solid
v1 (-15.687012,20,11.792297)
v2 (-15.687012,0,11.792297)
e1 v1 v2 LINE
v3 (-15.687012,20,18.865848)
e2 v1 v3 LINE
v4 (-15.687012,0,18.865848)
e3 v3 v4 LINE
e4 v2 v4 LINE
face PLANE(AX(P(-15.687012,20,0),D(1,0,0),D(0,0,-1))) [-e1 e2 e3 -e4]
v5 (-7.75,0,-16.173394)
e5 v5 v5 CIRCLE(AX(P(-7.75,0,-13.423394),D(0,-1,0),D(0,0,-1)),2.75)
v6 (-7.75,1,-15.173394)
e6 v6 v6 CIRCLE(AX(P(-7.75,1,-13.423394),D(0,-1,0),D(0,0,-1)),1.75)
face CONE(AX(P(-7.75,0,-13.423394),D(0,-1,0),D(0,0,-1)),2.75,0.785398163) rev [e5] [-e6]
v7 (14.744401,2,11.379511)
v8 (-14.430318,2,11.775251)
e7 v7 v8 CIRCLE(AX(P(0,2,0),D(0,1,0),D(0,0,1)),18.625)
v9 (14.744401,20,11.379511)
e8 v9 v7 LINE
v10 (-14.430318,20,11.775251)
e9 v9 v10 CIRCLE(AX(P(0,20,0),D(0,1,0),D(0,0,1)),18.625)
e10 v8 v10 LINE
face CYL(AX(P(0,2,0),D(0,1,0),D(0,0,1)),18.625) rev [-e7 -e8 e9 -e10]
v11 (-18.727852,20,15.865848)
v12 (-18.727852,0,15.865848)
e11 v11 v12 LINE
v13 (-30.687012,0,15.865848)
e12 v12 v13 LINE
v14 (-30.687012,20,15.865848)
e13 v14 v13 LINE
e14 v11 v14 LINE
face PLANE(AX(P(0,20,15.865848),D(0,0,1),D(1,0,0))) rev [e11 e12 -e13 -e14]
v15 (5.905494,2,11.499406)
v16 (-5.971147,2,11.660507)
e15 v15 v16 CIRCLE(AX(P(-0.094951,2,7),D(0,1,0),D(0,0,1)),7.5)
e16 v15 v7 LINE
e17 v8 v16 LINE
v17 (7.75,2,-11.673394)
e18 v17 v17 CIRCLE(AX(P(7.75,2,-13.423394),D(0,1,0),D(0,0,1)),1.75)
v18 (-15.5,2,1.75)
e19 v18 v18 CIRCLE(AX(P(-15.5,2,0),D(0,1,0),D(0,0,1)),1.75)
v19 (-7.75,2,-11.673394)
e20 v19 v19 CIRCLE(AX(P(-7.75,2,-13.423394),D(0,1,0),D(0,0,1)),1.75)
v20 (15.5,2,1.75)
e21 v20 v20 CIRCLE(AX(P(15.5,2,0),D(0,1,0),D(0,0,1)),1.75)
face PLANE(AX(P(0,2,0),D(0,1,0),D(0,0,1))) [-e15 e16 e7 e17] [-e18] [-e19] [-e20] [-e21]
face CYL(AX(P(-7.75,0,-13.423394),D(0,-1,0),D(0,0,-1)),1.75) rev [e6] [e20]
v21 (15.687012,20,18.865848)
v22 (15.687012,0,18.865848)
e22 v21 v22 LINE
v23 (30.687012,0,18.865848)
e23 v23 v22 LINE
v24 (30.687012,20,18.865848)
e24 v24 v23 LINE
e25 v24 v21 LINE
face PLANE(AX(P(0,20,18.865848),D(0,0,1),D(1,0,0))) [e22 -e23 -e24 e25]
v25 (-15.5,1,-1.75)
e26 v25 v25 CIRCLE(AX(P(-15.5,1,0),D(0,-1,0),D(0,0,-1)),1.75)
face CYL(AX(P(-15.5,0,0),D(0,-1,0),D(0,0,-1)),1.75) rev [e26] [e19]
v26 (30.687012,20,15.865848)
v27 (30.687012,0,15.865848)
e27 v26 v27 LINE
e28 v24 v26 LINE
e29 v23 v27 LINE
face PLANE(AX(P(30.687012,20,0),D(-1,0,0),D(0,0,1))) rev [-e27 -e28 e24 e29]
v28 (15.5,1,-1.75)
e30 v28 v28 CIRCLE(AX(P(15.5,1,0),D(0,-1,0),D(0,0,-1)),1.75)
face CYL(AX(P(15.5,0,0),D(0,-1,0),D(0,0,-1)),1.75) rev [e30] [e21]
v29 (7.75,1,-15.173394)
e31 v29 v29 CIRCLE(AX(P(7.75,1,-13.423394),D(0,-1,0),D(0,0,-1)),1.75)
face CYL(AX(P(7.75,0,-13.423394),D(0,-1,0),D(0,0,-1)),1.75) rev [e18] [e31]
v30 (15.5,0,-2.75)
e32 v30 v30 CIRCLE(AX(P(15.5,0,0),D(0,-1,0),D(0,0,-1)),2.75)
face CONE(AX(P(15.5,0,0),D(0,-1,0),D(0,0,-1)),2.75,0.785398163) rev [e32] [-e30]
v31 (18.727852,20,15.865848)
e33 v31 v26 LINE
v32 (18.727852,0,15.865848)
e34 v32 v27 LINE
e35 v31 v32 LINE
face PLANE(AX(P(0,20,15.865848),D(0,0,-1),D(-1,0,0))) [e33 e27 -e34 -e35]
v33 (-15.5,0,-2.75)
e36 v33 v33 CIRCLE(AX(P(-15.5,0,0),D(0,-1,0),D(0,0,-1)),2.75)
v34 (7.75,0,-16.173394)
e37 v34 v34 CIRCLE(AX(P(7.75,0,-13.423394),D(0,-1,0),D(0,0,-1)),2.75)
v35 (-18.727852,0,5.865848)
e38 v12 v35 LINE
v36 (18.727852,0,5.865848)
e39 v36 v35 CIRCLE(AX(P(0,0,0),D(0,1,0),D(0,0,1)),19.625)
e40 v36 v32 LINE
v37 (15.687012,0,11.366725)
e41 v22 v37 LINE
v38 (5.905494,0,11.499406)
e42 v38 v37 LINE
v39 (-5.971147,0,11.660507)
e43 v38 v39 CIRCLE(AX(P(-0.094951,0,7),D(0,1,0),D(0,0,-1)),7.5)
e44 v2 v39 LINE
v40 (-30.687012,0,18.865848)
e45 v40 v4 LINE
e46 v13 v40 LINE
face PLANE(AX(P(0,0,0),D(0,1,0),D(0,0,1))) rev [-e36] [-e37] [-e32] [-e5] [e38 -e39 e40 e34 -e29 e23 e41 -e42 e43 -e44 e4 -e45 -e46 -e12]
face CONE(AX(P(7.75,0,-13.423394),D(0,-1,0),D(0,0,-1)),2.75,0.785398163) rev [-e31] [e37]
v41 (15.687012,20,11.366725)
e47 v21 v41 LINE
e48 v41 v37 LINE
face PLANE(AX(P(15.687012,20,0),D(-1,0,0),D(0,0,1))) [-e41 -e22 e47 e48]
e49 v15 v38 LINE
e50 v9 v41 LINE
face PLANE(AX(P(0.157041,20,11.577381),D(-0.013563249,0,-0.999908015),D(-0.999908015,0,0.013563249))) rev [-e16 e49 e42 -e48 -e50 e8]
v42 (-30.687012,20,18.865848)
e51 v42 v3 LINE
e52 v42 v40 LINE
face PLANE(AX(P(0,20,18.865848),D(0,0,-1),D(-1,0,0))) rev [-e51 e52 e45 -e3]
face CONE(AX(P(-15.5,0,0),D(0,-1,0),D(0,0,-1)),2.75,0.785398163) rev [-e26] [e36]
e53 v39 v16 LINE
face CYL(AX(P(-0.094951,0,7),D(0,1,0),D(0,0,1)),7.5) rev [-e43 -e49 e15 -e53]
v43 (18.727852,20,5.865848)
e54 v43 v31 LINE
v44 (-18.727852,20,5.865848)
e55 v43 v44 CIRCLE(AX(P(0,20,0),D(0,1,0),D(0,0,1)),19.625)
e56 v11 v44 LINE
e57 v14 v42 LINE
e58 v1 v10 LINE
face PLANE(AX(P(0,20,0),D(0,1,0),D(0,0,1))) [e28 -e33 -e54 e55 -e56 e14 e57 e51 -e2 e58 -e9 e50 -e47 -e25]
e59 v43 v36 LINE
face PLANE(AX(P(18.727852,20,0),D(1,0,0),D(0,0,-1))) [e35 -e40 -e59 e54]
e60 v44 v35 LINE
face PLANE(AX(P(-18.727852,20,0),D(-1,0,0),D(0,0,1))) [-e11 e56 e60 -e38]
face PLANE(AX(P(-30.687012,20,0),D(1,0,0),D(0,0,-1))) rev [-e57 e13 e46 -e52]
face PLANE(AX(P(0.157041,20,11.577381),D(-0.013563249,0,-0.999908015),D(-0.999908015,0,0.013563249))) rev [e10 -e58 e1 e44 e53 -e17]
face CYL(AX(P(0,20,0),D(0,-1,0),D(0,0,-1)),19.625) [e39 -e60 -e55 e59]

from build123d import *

# Parameters (mm, degrees)
BOSS_EXTRUDE2_DEPTH                                 = 20
SKETCH3_R                                           = 18.625
CUT_EXTRUDE1_DEPTH                                  = 18
SKETCH5_R                                           = 7.5
CUT_EXTRUDE2_DEPTH                                  = 2
CSK_FOR_M3_COUNTERSUNK_FLAT_HEAD_SCREW2_D           = 3.5
CSK_FOR_M3_COUNTERSUNK_FLAT_HEAD_SCREW2_CSINK_D     = 5.5
CSK_FOR_M3_COUNTERSUNK_FLAT_HEAD_SCREW2_CSINK_ANGLE = 90


with BuildPart() as part:
    # Sketch1 → Boss-Extrude2 (new body)
    with BuildSketch(Plane(origin=(0, 0, 0), x_dir=(1, 0, 0), z_dir=(0, 1, 0))):
        with BuildLine():
            Line((-18.727852322, -5.86584797), (-18.727852322, -15.86584797))
            Line((-18.727852322, -15.86584797), (-30.687012052, -15.86584797))
            Line((-30.687012052, -15.86584797), (-30.687012052, -18.86584797))
            Line((-30.687012052, -18.86584797), (-15.687012052, -18.86584797))
            Line((-15.687012052, -18.86584797), (-15.687012052, -11.792297397))
            Line((-15.687012052, -11.792297397), (15.687012052, -11.366724546))
            Line((15.687012052, -11.366724546), (15.687012052, -18.86584797))
            Line((15.687012052, -18.86584797), (30.687012052, -18.86584797))
            Line((30.687012052, -18.86584797), (30.687012052, -15.86584797))
            Line((30.687012052, -15.86584797), (18.727852322, -15.86584797))
            Line((18.727852322, -15.86584797), (18.727852322, -5.86584797))
            ThreePointArc((18.727852322, -5.86584797), (0, 19.625), (-18.727852322, -5.86584797))
        make_face()
    extrude(amount=BOSS_EXTRUDE2_DEPTH)

    # Sketch3 → Cut-Extrude1 (cut)
    with BuildSketch(Plane(origin=(0, 20, 0), x_dir=(1, 0, 0), z_dir=(0, 1, 0))):
        Circle(SKETCH3_R)
    extrude(amount=-CUT_EXTRUDE1_DEPTH, mode=Mode.SUBTRACT)

    # Sketch5 → Cut-Extrude2 (cut)
    with BuildSketch(Plane(origin=(0, 2, 0), x_dir=(1, 0, 0), z_dir=(0, 1, 0))):
        with Locations((-0.094951478, -7)):
            Circle(SKETCH5_R)
    extrude(amount=-CUT_EXTRUDE2_DEPTH, mode=Mode.SUBTRACT)

    # CSK for M3 Countersunk Flat Head Screw2 (through all)
    with Locations(Plane(origin=(7.75, 0, -13.423393759), x_dir=(0, 0, -1), z_dir=(0, -1, 0))):
        with Locations((0, 0), (0, -15.5), (-13.423393759, -23.25), (-13.423393759, 7.75)):
            CounterSinkHole(CSK_FOR_M3_COUNTERSUNK_FLAT_HEAD_SCREW2_D / 2, CSK_FOR_M3_COUNTERSUNK_FLAT_HEAD_SCREW2_CSINK_D / 2, counter_sink_angle=CSK_FOR_M3_COUNTERSUNK_FLAT_HEAD_SCREW2_CSINK_ANGLE)


solid = part.part
